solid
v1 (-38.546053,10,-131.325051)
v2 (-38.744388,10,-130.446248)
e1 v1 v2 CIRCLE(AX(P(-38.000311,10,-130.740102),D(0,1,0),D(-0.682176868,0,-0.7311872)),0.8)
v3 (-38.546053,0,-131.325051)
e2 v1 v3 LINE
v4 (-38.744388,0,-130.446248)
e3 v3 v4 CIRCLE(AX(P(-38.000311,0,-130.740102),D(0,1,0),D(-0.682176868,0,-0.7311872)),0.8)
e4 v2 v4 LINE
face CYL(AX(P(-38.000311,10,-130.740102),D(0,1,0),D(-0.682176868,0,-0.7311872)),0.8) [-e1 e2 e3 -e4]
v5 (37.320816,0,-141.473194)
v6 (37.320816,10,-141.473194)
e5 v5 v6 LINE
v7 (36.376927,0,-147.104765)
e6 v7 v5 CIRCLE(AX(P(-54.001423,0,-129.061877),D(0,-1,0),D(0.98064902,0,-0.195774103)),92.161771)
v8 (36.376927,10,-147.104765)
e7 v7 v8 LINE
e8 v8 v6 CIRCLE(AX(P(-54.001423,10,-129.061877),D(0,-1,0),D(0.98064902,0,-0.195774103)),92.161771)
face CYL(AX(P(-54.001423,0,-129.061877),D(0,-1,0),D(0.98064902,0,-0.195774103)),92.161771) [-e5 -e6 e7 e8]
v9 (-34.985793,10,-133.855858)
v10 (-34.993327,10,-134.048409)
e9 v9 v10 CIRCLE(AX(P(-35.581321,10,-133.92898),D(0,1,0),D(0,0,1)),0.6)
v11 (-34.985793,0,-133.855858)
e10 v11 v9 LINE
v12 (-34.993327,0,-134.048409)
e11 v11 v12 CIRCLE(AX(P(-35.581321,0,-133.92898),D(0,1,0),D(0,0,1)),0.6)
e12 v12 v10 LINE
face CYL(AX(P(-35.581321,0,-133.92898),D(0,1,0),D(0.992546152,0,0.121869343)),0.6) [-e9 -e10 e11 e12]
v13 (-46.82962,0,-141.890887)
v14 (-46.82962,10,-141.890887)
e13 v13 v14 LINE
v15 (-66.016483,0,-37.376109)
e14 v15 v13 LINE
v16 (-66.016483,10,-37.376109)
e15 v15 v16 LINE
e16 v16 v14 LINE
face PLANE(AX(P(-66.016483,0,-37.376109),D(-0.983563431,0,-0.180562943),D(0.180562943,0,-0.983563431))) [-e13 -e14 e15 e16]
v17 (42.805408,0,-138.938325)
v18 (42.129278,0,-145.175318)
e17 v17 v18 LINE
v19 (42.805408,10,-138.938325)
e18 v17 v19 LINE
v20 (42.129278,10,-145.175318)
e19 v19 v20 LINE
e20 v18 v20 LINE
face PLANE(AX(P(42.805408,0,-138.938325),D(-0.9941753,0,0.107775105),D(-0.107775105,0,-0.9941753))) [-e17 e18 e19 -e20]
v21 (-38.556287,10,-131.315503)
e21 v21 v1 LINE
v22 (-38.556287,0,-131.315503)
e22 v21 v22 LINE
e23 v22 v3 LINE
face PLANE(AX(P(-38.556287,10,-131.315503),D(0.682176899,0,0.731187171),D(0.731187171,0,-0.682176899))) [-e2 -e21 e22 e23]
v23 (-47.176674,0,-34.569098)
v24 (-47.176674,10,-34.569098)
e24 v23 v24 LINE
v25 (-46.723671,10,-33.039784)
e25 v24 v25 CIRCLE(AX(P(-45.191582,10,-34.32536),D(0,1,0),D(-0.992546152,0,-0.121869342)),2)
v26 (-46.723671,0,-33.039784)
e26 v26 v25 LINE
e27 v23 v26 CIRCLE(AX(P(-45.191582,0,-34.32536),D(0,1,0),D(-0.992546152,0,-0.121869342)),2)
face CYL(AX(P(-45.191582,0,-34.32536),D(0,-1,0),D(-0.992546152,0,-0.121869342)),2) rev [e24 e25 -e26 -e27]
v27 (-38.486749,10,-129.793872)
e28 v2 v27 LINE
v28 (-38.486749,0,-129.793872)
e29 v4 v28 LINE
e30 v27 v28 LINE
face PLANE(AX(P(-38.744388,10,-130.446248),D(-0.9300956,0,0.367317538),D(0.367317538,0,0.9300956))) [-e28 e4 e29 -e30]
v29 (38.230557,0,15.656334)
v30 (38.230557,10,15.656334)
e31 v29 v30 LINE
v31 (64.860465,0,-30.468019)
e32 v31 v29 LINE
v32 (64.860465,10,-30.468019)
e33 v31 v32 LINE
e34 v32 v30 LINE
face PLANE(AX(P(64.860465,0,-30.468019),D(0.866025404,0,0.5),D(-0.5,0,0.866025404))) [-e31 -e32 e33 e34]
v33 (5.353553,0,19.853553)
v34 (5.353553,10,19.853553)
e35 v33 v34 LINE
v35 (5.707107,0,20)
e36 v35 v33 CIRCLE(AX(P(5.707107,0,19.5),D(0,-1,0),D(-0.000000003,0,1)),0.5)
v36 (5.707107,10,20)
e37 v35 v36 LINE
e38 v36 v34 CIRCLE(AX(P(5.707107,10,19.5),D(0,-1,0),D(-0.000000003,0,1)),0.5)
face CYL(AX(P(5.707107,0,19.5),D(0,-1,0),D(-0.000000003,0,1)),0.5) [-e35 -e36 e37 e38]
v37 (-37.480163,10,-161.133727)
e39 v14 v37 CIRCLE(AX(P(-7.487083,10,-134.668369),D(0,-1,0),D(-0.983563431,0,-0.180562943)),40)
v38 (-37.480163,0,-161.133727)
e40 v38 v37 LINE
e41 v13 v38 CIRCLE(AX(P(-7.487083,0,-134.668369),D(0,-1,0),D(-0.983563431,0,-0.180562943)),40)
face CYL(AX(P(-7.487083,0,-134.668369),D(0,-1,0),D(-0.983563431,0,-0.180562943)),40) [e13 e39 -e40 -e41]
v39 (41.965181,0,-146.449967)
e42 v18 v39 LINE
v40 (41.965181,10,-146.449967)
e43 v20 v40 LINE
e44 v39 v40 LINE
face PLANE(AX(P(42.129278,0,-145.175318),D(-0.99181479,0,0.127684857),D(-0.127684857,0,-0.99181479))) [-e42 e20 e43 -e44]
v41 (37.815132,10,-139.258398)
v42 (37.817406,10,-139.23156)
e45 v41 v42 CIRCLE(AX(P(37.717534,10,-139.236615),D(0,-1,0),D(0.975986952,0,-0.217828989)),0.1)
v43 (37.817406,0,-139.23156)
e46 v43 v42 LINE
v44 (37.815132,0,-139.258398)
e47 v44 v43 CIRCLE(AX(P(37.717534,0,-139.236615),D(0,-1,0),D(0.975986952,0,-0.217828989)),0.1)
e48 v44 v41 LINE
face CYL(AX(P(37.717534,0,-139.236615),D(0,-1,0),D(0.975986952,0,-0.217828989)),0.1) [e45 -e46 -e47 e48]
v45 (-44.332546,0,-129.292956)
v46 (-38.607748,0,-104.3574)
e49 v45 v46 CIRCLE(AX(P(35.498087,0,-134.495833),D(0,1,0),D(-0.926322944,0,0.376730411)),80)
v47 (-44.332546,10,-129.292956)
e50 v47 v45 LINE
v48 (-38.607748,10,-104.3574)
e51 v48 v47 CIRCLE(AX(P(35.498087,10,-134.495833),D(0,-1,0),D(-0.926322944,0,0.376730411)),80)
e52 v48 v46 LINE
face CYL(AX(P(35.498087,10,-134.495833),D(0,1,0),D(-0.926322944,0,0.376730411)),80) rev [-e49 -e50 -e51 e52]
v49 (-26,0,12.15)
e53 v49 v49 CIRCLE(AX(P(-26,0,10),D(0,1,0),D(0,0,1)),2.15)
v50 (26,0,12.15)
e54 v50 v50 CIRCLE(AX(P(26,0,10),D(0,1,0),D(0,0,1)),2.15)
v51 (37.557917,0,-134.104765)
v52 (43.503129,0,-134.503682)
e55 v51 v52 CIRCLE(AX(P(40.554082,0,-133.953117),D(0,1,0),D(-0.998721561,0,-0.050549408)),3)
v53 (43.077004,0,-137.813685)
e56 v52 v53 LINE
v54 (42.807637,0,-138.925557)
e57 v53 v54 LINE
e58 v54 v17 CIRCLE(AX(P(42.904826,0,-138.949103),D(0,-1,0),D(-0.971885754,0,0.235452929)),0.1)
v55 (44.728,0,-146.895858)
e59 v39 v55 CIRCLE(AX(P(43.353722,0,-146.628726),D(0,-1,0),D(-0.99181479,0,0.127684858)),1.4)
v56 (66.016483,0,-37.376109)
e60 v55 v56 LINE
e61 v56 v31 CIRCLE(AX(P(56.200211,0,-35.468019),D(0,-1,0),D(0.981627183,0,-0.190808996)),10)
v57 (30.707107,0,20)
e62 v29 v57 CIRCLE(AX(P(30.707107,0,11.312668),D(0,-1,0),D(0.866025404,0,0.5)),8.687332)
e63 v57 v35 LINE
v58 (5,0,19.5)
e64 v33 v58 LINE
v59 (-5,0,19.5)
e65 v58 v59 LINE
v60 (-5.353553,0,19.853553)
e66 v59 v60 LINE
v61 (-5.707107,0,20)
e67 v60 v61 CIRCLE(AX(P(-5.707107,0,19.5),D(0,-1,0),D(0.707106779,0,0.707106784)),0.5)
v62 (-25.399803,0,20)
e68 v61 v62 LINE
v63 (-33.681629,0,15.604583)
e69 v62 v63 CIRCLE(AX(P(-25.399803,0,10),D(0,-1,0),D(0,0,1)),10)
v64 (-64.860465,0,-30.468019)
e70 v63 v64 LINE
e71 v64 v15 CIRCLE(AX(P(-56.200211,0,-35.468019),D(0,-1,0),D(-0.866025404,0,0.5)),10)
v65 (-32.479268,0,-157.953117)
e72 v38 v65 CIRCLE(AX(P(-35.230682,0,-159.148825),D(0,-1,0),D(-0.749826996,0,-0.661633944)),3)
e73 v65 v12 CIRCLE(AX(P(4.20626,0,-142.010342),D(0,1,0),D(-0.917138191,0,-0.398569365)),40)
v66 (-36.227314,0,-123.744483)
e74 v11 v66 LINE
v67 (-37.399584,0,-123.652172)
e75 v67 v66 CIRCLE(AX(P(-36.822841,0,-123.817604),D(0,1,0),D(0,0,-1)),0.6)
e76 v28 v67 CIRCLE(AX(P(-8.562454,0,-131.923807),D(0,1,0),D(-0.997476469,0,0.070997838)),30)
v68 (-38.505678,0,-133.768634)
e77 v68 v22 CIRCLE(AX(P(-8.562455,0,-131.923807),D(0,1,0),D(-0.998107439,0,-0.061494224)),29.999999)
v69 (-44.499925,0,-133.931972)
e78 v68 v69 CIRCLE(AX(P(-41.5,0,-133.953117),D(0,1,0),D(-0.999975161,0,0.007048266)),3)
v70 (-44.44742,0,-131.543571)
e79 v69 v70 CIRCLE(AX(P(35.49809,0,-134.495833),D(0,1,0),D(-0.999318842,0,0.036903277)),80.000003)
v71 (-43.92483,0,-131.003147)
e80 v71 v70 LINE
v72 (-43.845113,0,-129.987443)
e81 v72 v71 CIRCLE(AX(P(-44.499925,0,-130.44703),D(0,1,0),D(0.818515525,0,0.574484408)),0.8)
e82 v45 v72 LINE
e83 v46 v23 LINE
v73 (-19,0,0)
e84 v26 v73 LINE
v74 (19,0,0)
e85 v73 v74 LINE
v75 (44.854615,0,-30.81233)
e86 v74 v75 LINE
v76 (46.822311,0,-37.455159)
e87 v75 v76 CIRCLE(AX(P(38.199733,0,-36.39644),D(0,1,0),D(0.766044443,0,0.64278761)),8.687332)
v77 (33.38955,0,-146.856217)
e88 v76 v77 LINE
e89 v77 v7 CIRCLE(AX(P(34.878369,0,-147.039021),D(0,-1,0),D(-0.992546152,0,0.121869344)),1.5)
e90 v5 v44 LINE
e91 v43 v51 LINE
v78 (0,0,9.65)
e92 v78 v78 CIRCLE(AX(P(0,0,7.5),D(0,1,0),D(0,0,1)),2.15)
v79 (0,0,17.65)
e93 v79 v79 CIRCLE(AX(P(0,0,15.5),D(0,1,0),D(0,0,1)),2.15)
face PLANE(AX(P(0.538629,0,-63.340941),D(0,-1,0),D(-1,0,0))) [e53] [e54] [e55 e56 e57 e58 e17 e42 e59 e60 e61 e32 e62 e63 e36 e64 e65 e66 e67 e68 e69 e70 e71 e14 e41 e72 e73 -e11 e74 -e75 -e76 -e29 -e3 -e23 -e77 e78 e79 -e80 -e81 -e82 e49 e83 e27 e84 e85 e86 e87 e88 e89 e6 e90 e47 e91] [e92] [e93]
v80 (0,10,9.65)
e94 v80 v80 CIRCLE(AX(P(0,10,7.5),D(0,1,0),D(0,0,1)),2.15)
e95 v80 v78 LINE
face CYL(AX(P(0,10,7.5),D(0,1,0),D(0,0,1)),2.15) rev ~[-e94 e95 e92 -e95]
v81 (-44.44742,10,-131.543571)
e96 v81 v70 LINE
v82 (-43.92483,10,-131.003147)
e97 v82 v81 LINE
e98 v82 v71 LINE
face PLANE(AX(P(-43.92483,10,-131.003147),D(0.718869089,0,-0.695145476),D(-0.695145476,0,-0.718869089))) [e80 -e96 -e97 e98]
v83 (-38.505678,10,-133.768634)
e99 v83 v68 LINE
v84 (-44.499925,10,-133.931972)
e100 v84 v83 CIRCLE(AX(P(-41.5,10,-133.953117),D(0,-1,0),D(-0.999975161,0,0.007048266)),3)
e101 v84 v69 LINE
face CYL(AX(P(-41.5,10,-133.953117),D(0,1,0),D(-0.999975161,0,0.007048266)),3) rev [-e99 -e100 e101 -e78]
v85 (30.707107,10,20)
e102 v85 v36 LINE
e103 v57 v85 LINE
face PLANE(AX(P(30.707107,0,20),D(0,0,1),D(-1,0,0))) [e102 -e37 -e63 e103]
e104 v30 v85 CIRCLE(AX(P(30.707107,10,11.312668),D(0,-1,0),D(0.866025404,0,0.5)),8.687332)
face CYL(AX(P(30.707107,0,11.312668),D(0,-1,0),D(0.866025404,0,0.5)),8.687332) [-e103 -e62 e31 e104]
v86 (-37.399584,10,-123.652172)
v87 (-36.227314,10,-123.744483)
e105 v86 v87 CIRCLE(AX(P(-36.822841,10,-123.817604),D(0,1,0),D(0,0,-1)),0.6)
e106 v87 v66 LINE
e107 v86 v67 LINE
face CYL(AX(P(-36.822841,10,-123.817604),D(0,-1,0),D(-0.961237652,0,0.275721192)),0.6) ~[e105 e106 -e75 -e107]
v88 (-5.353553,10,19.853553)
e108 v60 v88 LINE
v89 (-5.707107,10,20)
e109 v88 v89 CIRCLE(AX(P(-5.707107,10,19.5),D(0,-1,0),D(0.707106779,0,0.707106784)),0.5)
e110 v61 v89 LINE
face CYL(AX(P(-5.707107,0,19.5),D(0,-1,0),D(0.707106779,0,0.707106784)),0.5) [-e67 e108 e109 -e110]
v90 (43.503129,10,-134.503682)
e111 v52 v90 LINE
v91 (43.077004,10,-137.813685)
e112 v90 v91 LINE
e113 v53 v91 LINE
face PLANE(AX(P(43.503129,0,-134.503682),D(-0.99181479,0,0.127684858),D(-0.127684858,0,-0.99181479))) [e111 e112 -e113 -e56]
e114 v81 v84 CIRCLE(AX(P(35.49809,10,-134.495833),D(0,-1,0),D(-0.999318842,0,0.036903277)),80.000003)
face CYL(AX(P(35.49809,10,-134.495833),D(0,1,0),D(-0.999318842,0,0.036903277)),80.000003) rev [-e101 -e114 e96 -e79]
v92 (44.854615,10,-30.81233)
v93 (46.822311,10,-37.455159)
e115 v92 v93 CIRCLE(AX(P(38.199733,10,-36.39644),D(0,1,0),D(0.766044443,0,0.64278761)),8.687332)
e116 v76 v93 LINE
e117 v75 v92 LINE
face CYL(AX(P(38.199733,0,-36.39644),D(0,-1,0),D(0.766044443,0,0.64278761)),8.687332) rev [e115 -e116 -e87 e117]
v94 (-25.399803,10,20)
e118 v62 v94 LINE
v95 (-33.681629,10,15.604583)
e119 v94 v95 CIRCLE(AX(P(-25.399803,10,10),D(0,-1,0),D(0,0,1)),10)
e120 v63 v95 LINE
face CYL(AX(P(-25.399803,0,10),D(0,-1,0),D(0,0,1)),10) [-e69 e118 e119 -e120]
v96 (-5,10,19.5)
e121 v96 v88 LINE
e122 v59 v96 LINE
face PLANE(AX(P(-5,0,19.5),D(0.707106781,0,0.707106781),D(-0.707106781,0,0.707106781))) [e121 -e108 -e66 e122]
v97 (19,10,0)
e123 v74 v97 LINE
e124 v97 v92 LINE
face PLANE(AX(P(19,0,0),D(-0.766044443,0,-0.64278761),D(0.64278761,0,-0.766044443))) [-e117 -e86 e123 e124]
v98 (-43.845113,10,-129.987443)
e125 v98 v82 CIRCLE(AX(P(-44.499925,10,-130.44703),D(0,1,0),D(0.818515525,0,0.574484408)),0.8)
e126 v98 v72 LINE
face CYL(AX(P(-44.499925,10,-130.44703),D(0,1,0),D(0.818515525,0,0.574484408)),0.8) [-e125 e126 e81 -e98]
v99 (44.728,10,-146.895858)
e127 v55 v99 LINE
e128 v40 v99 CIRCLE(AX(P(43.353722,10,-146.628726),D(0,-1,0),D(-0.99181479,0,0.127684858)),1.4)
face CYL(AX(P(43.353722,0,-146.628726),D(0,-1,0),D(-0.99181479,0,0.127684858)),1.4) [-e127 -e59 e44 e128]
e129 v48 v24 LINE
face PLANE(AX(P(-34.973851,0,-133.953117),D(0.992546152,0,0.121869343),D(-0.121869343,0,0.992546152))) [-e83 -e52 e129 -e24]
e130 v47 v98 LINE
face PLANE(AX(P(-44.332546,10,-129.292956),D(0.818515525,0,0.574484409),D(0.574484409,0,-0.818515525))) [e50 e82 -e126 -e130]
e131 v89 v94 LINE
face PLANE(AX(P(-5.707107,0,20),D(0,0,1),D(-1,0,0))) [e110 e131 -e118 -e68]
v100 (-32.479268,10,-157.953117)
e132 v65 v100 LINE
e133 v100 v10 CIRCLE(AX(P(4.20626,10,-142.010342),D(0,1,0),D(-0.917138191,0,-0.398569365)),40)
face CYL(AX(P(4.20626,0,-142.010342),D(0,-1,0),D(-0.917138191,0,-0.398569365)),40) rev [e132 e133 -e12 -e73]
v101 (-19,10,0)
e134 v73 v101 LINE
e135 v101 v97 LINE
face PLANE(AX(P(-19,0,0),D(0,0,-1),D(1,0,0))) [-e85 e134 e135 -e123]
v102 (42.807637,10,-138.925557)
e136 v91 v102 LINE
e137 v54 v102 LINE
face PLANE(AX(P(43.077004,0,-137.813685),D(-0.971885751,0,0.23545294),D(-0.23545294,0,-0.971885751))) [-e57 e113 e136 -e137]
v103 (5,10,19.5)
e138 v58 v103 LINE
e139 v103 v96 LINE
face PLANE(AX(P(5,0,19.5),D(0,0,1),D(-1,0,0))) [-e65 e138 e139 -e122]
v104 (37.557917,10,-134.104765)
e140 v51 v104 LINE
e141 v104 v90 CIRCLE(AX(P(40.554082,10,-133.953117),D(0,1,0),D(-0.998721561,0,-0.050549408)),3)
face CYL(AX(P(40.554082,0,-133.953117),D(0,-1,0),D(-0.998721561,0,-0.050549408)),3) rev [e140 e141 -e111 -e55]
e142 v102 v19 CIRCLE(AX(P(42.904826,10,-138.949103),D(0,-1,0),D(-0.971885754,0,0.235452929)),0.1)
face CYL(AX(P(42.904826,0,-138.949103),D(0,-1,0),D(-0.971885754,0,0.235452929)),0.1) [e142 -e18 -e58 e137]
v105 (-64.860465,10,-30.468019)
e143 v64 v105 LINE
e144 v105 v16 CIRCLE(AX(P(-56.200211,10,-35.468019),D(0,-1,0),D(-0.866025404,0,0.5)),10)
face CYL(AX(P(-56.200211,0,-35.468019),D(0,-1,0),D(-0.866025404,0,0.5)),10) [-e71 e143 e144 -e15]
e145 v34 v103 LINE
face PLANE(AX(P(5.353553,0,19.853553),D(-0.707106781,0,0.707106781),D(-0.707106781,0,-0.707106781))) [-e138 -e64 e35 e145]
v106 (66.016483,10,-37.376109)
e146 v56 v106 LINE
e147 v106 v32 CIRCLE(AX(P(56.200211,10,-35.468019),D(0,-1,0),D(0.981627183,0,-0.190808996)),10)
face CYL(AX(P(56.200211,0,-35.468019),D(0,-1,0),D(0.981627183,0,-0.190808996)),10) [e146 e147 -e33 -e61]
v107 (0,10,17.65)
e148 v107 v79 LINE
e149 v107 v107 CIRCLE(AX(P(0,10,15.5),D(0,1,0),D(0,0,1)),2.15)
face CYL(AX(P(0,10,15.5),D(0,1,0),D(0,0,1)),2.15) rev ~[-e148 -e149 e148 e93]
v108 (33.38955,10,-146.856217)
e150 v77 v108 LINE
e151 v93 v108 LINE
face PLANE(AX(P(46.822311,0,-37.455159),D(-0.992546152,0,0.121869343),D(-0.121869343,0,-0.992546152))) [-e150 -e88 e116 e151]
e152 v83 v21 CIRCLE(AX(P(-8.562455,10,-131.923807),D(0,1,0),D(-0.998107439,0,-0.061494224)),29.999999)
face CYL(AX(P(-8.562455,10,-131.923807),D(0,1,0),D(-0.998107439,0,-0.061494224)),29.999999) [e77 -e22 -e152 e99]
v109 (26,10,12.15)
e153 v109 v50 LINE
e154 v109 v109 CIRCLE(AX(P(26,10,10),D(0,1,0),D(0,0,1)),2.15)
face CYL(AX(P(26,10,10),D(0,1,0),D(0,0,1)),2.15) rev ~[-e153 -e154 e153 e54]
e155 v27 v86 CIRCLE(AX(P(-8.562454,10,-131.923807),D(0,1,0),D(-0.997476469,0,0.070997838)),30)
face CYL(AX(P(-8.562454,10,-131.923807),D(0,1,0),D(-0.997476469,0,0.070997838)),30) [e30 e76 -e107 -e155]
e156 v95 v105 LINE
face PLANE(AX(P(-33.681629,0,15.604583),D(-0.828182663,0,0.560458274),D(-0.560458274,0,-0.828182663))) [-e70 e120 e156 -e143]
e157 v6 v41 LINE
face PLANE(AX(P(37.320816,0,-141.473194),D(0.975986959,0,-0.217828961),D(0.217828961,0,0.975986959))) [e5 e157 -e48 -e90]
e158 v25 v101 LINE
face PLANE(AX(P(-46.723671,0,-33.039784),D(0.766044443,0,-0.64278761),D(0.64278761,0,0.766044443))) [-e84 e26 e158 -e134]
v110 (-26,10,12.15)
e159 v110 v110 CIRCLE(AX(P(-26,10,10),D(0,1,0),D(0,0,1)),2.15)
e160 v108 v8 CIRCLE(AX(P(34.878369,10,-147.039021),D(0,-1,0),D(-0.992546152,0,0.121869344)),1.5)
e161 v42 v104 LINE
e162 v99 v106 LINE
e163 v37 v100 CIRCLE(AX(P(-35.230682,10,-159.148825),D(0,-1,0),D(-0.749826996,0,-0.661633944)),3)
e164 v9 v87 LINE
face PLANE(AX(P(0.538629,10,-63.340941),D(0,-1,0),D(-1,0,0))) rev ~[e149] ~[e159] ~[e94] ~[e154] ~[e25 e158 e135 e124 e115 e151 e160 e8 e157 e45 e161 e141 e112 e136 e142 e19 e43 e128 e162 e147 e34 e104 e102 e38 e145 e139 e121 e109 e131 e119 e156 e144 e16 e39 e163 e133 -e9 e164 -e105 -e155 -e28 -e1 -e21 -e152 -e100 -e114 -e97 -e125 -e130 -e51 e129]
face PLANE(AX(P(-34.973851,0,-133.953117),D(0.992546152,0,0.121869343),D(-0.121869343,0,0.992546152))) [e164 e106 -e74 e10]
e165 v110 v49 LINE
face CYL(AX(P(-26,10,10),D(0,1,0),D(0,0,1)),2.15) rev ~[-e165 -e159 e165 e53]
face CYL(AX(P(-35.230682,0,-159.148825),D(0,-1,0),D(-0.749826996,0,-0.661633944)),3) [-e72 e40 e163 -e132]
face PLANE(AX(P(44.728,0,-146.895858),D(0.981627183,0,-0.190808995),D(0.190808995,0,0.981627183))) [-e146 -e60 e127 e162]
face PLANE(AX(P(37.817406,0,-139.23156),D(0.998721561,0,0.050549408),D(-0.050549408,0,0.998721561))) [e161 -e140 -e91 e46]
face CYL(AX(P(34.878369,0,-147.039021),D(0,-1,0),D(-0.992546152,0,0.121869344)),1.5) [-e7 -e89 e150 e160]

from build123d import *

# Parameters (mm, degrees)
EXTRUDE_1_DEPTH     = 10
CUT_EXTRUDE_1_REACH = 177.427
SKETCH_2_R          = 2.15
FILLET_1_R          = 0.6


with BuildPart() as part:
    # 草图1 → 凸台-拉伸1 (new body)
    with BuildSketch(Plane(origin=(0, 0, 0), x_dir=(1, 0, 0), z_dir=(0, 1, 0))):
        with BuildLine():
            Line((-19, 0), (19, 0))
            Line((19, 0), (44.854614973, 30.81233028))
            ThreePointArc((44.854614973, 30.81233028), (46.529317931, 33.929104052), (46.82231051, 37.455159084))
            Line((46.82231051, 37.455159084), (33.389549678, 146.856216784))
            ThreePointArc((33.389549678, 146.856216784), (34.753999407, 148.533855984), (36.376927445, 147.104765038))
            ThreePointArc((36.376927445, 147.104765038), (36.892496808, 144.296291333), (37.320815542, 141.473193853))
            Line((37.320815542, 141.473193853), (37.815132232, 139.258398169))
            ThreePointArc((37.815132232, 139.258398169), (37.817176658, 139.245056143), (37.817405692, 139.231560332))
            Line((37.817405692, 139.231560332), (37.557917484, 134.104765038))
            ThreePointArc((37.557917484, 134.104765038), (40.754926912, 130.959847465), (43.503129215, 134.503681536))
            Line((43.503129215, 134.503681536), (43.077003941, 137.813685213))
            Line((43.077003941, 137.813685213), (42.807637334, 138.925557366))
            ThreePointArc((42.807637334, 138.925557366), (42.806315787, 138.931905108), (42.80540838, 138.938325149))
            Line((42.80540838, 138.938325149), (42.129277547, 145.175318139))
            Line((42.129277547, 145.175318139), (41.965181023, 146.44996701))
            ThreePointArc((41.965181023, 146.44996701), (43.130662006, 148.010841711), (44.727999785, 146.895858405))
            Line((44.727999785, 146.895858405), (66.016482503, 37.376109146))
            ThreePointArc((66.016482503, 37.376109146), (66.063066684, 33.817543133), (64.860464706, 30.468019192))
            Line((64.860464706, 30.468019192), (38.23055697, -15.656334008))
            ThreePointArc((38.23055697, -15.656334008), (35.050772773, -18.836118205), (30.707106781, -20))
            Line((30.707106781, -20), (5.707106781, -20))
            ThreePointArc((5.707106781, -20), (5.515765065, -19.961939766), (5.353553391, -19.853553391))
            Line((5.353553391, -19.853553391), (5, -19.5))
            Line((5, -19.5), (-5, -19.5))
            Line((-5, -19.5), (-5.353553391, -19.853553391))
            ThreePointArc((-5.353553391, -19.853553391), (-5.515765065, -19.961939766), (-5.707106781, -20))
            Line((-5.707106781, -20), (-25.399802658, -20))
            ThreePointArc((-25.399802658, -20), (-30.087775174, -18.833058003), (-33.681629288, -15.604582738))
            Line((-33.681629288, -15.604582738), (-64.860464706, 30.468019192))
            ThreePointArc((-64.860464706, 30.468019192), (-66.063066684, 33.817543133), (-66.016482503, 37.376109146))
            Line((-66.016482503, 37.376109146), (-46.829620455, 141.890886738))
            ThreePointArc((-46.829620455, 141.890886738), (-43.465252598, 152.148967586), (-37.480163066, 161.13372674))
            ThreePointArc((-37.480163066, 161.13372674), (-33.620696298, 161.680216975), (-32.479267504, 157.953116813))
            ThreePointArc((-32.479267504, 157.953116813), (-35.579400499, 146.14570295), (-34.973851142, 133.953116813))
            Line((-34.973851142, 133.953116813), (-47.176674229, 34.569098196))
            ThreePointArc((-47.176674229, 34.569098196), (-47.109221395, 33.75732882), (-46.723670812, 33.03978429))
            Line((-46.723670812, 33.03978429), (-19, 0))
        make_face()
    extrude(amount=EXTRUDE_1_DEPTH)

    # 草图2 → 切除-拉伸1 (cut, up to next)
    with BuildSketch(Plane(origin=(0, 10, 0), x_dir=(1, 0, 0), z_dir=(0, 1, 0)), mode=Mode.PRIVATE) as cut_extrude_1_sk1:
        with Locations(Location((0, -15.5, 0), (0, 0, 270))):
            Circle(SKETCH_2_R)
    cut_extrude_1_tool1 = extrude(cut_extrude_1_sk1.sketch, amount=-CUT_EXTRUDE_1_REACH, mode=Mode.PRIVATE) & part.part
    # 草图2 → 切除-拉伸1 (cut, up to next)
    with BuildSketch(Plane(origin=(0, 10, 0), x_dir=(1, 0, 0), z_dir=(0, 1, 0)), mode=Mode.PRIVATE) as cut_extrude_1_sk2:
        with Locations(Location((0, -7.5, 0), (0, 0, 270))):
            Circle(SKETCH_2_R)
    cut_extrude_1_tool2 = extrude(cut_extrude_1_sk2.sketch, amount=-CUT_EXTRUDE_1_REACH, mode=Mode.PRIVATE) & part.part
    # 草图2 → 切除-拉伸1 (cut, up to next)
    with BuildSketch(Plane(origin=(0, 10, 0), x_dir=(1, 0, 0), z_dir=(0, 1, 0)), mode=Mode.PRIVATE) as cut_extrude_1_sk3:
        with Locations(Location((-26, -10, 0), (0, 0, 270))):
            Circle(SKETCH_2_R)
    cut_extrude_1_tool3 = extrude(cut_extrude_1_sk3.sketch, amount=-CUT_EXTRUDE_1_REACH, mode=Mode.PRIVATE) & part.part
    # 草图2 → 切除-拉伸1 (cut, up to next)
    with BuildSketch(Plane(origin=(0, 10, 0), x_dir=(1, 0, 0), z_dir=(0, 1, 0)), mode=Mode.PRIVATE) as cut_extrude_1_sk4:
        with Locations(Location((26, -10, 0), (0, 0, 270))):
            Circle(SKETCH_2_R)
    cut_extrude_1_tool4 = extrude(cut_extrude_1_sk4.sketch, amount=-CUT_EXTRUDE_1_REACH, mode=Mode.PRIVATE) & part.part
    # 草图2 → 切除-拉伸1 (cut, up to next)
    with BuildSketch(Plane(origin=(0, 10, 0), x_dir=(1, 0, 0), z_dir=(0, 1, 0)), mode=Mode.PRIVATE) as cut_extrude_1_sk5:
        with BuildLine():
            Line((-36.549558395, 121.120011078), (-38.607748185, 104.35740041))
            ThreePointArc((-38.607748185, 104.35740041), (-42.47341142, 116.594845153), (-44.332546284, 129.292956179))
            Line((-44.332546284, 129.292956179), (-43.845113062, 129.987442667))
            ThreePointArc((-43.845113062, 129.987442667), (-43.702378092, 130.509625408), (-43.924830211, 131.003146575))
            Line((-43.924830211, 131.003146575), (-44.447419993, 131.543571067))
            ThreePointArc((-44.447419993, 131.543571067), (-44.482588605, 132.737575539), (-44.499925482, 133.931972015))
            ThreePointArc((-44.499925482, 133.931972015), (-41.418283025, 136.952003662), (-38.505677682, 133.768634142))
            ThreePointArc((-38.505677682, 133.768634142), (-38.556072369, 132.542586282), (-38.556286633, 131.315503182))
            Line((-38.556286633, 131.315503182), (-38.546052546, 131.325051295))
            ThreePointArc((-38.546052546, 131.325051295), (-38.780683801, 130.91622187), (-38.744387532, 130.446247504))
            Line((-38.744387532, 130.446247504), (-38.486748585, 129.793872308))
            ThreePointArc((-38.486748585, 129.793872308), (-37.841140795, 125.384806825), (-36.549558395, 121.120011078))
        make_face()
    cut_extrude_1_tool5 = extrude(cut_extrude_1_sk5.sketch, amount=-CUT_EXTRUDE_1_REACH, mode=Mode.PRIVATE) & part.part
    add(cut_extrude_1_tool1.solids().sort_by_distance((0, 10, 15.5))[0], mode=Mode.SUBTRACT)
    add(cut_extrude_1_tool2.solids().sort_by_distance((0, 10, 7.5))[0], mode=Mode.SUBTRACT)
    add(cut_extrude_1_tool3.solids().sort_by_distance((-26, 10, 10))[0], mode=Mode.SUBTRACT)
    add(cut_extrude_1_tool4.solids().sort_by_distance((26, 10, 10))[0], mode=Mode.SUBTRACT)
    add(cut_extrude_1_tool5.solids().sort_by_distance((-40.502089, 10, -123.156617))[0], mode=Mode.SUBTRACT)

    # 圆角1
    fillet_1_edges = [part.edges().sort_by_distance(p)[0] for p in [
        (-36.549558395, 5, -121.120011078),
        (-34.973851142, 5, -133.953116813),
    ]]
    fillet(fillet_1_edges, radius=FILLET_1_R)


solid = part.part
